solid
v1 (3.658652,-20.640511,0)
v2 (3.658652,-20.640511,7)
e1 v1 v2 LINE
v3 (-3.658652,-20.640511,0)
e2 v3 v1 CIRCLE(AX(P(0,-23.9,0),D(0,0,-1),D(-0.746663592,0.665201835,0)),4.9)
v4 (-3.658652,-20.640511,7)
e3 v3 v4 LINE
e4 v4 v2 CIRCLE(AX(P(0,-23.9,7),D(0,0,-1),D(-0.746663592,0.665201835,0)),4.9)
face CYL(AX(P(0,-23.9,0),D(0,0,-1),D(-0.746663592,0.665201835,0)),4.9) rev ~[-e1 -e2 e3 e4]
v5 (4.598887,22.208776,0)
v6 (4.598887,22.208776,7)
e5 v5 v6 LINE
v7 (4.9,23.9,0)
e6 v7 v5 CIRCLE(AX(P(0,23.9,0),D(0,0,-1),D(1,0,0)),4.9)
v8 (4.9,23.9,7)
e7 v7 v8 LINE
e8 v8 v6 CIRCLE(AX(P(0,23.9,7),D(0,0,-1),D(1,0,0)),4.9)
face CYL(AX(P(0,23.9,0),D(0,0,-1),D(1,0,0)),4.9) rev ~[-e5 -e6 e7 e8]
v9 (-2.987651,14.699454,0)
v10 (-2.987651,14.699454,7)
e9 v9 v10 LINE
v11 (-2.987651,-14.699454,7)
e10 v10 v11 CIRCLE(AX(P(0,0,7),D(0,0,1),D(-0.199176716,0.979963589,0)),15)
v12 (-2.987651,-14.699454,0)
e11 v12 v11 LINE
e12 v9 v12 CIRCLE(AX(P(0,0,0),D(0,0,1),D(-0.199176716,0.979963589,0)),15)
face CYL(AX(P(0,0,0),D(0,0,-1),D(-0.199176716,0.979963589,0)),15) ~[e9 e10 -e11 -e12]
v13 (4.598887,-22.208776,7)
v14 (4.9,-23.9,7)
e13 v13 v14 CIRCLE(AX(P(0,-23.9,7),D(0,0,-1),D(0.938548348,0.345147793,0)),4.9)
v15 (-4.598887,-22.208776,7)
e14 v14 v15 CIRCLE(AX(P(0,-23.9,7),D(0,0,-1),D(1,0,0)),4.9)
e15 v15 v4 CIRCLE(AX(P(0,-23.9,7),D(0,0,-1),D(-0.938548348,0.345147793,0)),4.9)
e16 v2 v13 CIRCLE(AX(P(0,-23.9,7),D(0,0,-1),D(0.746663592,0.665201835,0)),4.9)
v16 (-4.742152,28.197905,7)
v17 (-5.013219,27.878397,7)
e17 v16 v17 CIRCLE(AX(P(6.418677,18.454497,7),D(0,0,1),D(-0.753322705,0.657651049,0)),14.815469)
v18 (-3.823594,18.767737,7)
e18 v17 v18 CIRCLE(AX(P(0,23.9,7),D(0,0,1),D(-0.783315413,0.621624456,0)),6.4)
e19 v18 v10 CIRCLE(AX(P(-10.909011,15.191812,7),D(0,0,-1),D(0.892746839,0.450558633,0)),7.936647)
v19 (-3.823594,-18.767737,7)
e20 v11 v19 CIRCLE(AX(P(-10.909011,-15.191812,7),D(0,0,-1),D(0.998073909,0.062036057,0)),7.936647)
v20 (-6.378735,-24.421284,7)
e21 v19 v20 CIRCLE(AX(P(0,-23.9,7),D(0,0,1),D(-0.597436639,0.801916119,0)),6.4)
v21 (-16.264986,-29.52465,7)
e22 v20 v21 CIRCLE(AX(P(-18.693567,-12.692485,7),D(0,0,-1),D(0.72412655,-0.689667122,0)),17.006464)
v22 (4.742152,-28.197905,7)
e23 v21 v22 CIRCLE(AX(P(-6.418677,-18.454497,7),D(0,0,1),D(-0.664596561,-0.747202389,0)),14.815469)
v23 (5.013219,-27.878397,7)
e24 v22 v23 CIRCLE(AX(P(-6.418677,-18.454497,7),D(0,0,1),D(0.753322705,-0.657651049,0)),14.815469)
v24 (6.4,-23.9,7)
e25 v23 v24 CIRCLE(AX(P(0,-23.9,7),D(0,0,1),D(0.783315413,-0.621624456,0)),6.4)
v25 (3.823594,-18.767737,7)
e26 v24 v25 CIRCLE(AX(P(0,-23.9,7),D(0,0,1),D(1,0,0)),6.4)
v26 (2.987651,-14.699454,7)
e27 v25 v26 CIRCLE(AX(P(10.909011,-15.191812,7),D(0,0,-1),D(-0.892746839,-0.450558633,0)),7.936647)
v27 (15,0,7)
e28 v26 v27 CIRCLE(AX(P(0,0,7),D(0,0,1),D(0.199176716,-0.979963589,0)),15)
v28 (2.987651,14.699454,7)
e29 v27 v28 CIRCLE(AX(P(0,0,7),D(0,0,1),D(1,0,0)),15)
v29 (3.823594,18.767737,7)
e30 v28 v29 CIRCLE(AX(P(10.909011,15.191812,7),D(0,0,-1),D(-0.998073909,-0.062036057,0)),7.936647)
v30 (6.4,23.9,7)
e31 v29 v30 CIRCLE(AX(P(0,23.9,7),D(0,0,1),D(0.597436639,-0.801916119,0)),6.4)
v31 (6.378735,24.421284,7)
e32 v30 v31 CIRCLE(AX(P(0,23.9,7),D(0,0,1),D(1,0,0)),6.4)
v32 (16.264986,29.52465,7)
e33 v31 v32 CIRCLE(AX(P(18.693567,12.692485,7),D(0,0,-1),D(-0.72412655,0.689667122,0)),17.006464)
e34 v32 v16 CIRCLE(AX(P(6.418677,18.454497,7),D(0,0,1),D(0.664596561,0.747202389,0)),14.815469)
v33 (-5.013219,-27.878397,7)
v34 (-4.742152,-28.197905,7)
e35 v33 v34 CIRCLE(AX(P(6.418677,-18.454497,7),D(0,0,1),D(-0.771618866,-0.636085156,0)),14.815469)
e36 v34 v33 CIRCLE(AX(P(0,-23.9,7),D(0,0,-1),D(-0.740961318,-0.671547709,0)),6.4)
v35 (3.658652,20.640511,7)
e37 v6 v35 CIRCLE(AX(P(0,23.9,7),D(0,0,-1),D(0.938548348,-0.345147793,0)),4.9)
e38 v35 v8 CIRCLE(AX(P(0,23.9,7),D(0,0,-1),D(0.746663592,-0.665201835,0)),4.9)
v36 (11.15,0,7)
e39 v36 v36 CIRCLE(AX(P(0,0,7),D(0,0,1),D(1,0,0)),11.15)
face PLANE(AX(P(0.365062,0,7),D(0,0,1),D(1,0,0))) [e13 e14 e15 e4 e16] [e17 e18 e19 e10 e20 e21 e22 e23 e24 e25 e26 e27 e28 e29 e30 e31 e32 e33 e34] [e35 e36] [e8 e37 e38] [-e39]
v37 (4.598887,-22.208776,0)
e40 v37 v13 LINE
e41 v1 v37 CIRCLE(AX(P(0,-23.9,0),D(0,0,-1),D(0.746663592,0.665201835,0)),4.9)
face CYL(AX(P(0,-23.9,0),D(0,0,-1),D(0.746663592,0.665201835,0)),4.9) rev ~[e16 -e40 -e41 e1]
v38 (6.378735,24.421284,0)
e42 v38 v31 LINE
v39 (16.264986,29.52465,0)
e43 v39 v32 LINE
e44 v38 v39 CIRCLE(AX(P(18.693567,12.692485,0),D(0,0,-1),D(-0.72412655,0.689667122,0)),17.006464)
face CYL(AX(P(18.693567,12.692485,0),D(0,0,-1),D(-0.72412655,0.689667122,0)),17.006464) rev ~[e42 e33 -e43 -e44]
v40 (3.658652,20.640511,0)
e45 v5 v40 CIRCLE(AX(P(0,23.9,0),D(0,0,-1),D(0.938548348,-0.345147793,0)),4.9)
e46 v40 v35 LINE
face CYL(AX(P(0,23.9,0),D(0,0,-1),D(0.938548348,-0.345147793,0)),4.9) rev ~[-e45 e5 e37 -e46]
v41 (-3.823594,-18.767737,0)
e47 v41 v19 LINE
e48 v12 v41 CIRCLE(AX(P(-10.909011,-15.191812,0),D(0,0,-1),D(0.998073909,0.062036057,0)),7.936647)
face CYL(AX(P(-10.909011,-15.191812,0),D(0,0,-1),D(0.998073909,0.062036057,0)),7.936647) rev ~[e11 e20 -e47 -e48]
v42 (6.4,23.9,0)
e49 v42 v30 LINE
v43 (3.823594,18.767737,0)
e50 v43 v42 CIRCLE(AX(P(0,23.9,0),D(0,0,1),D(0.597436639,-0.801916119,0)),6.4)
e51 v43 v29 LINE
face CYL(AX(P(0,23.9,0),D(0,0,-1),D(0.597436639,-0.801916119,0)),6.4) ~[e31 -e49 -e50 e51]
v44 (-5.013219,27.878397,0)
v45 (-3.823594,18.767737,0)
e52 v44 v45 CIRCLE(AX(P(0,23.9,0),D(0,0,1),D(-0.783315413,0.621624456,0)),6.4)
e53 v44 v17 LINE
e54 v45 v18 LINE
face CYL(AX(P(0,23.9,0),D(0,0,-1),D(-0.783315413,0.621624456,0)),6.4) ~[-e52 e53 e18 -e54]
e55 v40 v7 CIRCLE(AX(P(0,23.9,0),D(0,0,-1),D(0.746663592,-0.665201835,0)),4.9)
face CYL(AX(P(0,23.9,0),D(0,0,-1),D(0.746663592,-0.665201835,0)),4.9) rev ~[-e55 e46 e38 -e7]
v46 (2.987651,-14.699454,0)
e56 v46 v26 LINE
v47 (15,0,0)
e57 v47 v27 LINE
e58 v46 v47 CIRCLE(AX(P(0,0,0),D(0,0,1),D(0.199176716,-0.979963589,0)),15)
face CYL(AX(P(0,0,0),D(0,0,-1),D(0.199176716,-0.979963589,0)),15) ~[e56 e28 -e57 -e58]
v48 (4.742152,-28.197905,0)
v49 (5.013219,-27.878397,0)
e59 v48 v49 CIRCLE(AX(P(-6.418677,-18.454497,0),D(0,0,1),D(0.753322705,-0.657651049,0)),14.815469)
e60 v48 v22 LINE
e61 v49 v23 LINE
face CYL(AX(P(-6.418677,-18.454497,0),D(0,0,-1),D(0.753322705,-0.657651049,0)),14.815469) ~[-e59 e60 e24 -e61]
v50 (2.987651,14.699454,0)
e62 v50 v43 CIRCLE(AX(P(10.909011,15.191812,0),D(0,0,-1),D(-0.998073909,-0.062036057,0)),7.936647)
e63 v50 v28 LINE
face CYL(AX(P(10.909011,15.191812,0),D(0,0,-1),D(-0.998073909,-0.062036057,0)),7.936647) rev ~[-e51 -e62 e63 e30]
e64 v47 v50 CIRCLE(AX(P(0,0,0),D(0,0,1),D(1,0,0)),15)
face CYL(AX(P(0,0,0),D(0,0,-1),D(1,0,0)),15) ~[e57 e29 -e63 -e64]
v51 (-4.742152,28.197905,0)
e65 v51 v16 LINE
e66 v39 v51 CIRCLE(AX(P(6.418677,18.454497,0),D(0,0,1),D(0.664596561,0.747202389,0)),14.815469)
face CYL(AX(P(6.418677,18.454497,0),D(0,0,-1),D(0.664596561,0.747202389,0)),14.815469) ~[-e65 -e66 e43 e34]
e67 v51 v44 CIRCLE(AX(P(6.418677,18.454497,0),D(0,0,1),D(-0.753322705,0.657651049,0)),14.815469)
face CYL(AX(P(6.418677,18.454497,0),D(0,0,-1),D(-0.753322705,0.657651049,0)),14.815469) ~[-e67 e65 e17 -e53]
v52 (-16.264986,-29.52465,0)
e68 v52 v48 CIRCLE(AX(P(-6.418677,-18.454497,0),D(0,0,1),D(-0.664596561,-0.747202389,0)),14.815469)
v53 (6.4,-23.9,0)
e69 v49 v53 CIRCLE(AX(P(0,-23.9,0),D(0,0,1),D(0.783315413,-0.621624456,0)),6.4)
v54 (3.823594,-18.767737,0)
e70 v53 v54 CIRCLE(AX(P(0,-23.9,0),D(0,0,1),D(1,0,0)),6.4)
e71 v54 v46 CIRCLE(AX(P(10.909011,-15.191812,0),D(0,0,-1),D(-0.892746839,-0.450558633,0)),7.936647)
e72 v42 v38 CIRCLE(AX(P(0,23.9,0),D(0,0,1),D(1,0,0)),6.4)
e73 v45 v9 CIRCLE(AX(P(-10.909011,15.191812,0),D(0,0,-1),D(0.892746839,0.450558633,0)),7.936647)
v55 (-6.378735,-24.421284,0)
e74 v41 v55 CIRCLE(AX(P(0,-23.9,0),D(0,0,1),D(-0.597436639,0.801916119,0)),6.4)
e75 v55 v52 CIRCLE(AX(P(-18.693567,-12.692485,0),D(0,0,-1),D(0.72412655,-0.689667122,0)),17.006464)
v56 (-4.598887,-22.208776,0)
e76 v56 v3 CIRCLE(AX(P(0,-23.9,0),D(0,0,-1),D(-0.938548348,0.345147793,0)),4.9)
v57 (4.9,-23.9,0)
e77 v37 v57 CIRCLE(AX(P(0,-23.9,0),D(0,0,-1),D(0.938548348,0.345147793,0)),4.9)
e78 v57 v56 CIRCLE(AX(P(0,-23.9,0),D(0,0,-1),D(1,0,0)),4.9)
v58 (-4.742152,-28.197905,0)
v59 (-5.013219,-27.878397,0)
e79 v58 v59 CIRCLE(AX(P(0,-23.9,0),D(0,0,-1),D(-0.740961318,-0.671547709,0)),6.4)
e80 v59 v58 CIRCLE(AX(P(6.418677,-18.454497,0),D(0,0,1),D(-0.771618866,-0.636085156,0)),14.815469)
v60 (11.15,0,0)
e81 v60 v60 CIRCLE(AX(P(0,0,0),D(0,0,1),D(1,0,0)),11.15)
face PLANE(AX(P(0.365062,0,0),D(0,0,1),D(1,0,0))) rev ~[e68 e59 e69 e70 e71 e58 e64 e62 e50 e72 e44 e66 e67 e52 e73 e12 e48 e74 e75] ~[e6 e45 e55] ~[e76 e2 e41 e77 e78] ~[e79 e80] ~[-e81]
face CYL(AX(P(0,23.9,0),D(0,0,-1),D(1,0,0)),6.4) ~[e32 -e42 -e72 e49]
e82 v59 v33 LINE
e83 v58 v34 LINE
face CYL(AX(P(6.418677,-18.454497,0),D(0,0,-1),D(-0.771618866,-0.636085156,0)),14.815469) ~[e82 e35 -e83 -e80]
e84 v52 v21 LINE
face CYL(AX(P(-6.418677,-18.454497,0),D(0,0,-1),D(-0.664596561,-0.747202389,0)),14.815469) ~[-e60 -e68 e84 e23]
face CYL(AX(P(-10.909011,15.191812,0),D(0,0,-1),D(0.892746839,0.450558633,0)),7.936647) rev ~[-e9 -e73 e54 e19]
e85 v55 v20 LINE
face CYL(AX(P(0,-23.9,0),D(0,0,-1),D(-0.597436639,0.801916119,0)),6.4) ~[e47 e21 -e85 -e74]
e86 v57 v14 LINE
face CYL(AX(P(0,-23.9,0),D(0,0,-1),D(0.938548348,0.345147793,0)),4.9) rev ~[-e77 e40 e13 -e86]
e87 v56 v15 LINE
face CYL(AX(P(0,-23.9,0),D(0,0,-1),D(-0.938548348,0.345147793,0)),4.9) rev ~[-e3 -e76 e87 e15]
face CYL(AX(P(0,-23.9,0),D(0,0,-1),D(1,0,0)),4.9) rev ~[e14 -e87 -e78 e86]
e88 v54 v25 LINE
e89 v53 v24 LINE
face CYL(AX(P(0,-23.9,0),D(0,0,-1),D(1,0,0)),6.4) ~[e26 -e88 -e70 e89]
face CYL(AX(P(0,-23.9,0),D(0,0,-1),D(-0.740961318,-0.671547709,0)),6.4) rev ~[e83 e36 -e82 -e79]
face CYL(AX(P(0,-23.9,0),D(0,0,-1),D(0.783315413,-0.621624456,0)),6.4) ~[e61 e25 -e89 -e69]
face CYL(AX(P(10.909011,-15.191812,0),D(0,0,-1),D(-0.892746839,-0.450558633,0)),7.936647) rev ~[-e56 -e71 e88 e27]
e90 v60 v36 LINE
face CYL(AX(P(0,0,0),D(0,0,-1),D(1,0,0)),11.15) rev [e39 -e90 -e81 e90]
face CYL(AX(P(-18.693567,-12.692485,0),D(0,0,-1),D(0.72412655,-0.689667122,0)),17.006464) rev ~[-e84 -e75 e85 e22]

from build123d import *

# Parameters (mm, degrees)
F0_R     = 11.15
F1_DEPTH = 7


with BuildPart() as f1:
    # F0 (on Top) → F1 (new body)
    with BuildSketch(Plane.XY):
        with BuildLine():
            ThreePointArc((2.9876507344, -14.6994538364), (11.6149636464, -9.4917132011), (15, 0))
            ThreePointArc((15, 0), (11.6149636464, 9.4917132011), (2.9876507344, 14.6994538364))
            ThreePointArc((2.9876507344, 14.6994538364), (0, 15), (-2.9876507344, 14.6994538364))
            ThreePointArc((-2.9876507344, 14.6994538364), (-15, 0), (-2.9876507344, -14.6994538364))
            ThreePointArc((-2.9876507344, -14.6994538364), (0, -15), (2.9876507344, -14.6994538364))
        make_face()
        Circle(F0_R, mode=Mode.SUBTRACT)
        with BuildLine():
            ThreePointArc((-2.9876507344, 14.6994538364), (0, 15), (2.9876507344, 14.6994538364))
            ThreePointArc((2.9876507344, 14.6994538364), (3.1347863411, 16.7892463046), (3.8235944887, 18.7677368359))
            ThreePointArc((3.8235944887, 18.7677368359), (0, 17.5), (-3.8235944887, 18.7677368359))
            ThreePointArc((-3.8235944887, 18.7677368359), (-3.1347863411, 16.7892463046), (-2.9876507344, 14.6994538364))
        make_face()
        with BuildLine():
            ThreePointArc((-3.8235944887, 18.7677368359), (0, 17.5), (3.8235944887, 18.7677368359))
            ThreePointArc((3.8235944887, 18.7677368359), (5.7197467045, 21.0286766751), (6.4, 23.9))
            ThreePointArc((6.4, 23.9), (6.3946816035, 24.1608585632), (6.3787352531, 24.4212835797))
            ThreePointArc((6.3787352531, 24.4212835797), (2.0579890202, 29.9600892067), (-4.7421524338, 28.197905338))
            ThreePointArc((-4.7421524338, 28.197905338), (-4.8788151134, 28.0391092422), (-5.0132186413, 27.878396518))
            ThreePointArc((-5.0132186413, 27.878396518), (-6.3461284682, 23.0713544393), (-3.8235944887, 18.7677368359))
        make_face()
        with BuildLine():
            ThreePointArc((4.9, 23.9), (4.8241344212, 23.0410895937), (4.5988869037, 22.208775814))
            ThreePointArc((4.5988869037, 22.208775814), (4.2025705416, 21.3803966894), (3.6586515998, 20.6405110107))
            ThreePointArc((3.6586515998, 20.6405110107), (-4.5791589205, 25.6439333647), (4.9, 23.9))
        make_face(mode=Mode.SUBTRACT)
        with BuildLine():
            ThreePointArc((-4.7421524338, 28.197905338), (2.0579890202, 29.9600892067), (6.3787352531, 24.4212835797))
            ThreePointArc((6.3787352531, 24.4212835797), (10.8927246629, 27.8042901651), (16.2649862468, 29.5246504247))
            ThreePointArc((16.2649862468, 29.5246504247), (5.4848385896, 33.2405057508), (-4.7421524338, 28.197905338))
        make_face()
        with BuildLine():
            ThreePointArc((3.8235944887, -18.7677368359), (3.1347863411, -16.7892463046), (2.9876507344, -14.6994538364))
            ThreePointArc((2.9876507344, -14.6994538364), (0, -15), (-2.9876507344, -14.6994538364))
            ThreePointArc((-2.9876507344, -14.6994538364), (-3.1347863411, -16.7892463046), (-3.8235944887, -18.7677368359))
            ThreePointArc((-3.8235944887, -18.7677368359), (0, -17.5), (3.8235944887, -18.7677368359))
        make_face()
        with BuildLine():
            ThreePointArc((6.4, -23.9), (5.7197467045, -21.0286766751), (3.8235944887, -18.7677368359))
            ThreePointArc((3.8235944887, -18.7677368359), (0, -17.5), (-3.8235944887, -18.7677368359))
            ThreePointArc((-3.8235944887, -18.7677368359), (-5.8320262977, -21.26419476), (-6.3787352531, -24.4212835797))
            ThreePointArc((-6.3787352531, -24.4212835797), (-5.9524835867, -26.2511569811), (-5.0132186413, -27.878396518))
            ThreePointArc((-5.0132186413, -27.878396518), (-4.8788151134, -28.0391092422), (-4.7421524338, -28.197905338))
            ThreePointArc((-4.7421524338, -28.197905338), (0, -30.3), (4.7421524338, -28.197905338))
            ThreePointArc((4.7421524338, -28.197905338), (4.8788151134, -28.0391092422), (5.0132186413, -27.878396518))
            ThreePointArc((5.0132186413, -27.878396518), (6.0433682373, -26.0065849966), (6.4, -23.9))
        make_face()
        with BuildLine():
            ThreePointArc((4.9, -23.9), (-0.8589104063, -28.7241344212), (-4.5988869037, -22.208775814))
            ThreePointArc((-4.5988869037, -22.208775814), (-4.2025705416, -21.3803966894), (-3.6586515998, -20.6405110107))
            ThreePointArc((-3.6586515998, -20.6405110107), (0, -19), (3.6586515998, -20.6405110107))
            ThreePointArc((3.6586515998, -20.6405110107), (4.2025705416, -21.3803966894), (4.5988869037, -22.208775814))
            ThreePointArc((4.5988869037, -22.208775814), (4.8241344212, -23.0410895937), (4.9, -23.9))
        make_face(mode=Mode.SUBTRACT)
        with BuildLine():
            ThreePointArc((-5.0132186413, -27.878396518), (-5.9524835867, -26.2511569811), (-6.3787352531, -24.4212835797))
            ThreePointArc((-6.3787352531, -24.4212835797), (-10.8927246629, -27.8042901651), (-16.2649862468, -29.5246504247))
            ThreePointArc((-16.2649862468, -29.5246504247), (-5.4848385896, -33.2405057508), (4.7421524338, -28.197905338))
            ThreePointArc((4.7421524338, -28.197905338), (0, -30.3), (-4.7421524338, -28.197905338))
            ThreePointArc((-4.7421524338, -28.197905338), (-4.880300982, -28.0403698295), (-5.0132186413, -27.878396518))
        make_face()
    extrude(amount=F1_DEPTH)


solid = f1.part
